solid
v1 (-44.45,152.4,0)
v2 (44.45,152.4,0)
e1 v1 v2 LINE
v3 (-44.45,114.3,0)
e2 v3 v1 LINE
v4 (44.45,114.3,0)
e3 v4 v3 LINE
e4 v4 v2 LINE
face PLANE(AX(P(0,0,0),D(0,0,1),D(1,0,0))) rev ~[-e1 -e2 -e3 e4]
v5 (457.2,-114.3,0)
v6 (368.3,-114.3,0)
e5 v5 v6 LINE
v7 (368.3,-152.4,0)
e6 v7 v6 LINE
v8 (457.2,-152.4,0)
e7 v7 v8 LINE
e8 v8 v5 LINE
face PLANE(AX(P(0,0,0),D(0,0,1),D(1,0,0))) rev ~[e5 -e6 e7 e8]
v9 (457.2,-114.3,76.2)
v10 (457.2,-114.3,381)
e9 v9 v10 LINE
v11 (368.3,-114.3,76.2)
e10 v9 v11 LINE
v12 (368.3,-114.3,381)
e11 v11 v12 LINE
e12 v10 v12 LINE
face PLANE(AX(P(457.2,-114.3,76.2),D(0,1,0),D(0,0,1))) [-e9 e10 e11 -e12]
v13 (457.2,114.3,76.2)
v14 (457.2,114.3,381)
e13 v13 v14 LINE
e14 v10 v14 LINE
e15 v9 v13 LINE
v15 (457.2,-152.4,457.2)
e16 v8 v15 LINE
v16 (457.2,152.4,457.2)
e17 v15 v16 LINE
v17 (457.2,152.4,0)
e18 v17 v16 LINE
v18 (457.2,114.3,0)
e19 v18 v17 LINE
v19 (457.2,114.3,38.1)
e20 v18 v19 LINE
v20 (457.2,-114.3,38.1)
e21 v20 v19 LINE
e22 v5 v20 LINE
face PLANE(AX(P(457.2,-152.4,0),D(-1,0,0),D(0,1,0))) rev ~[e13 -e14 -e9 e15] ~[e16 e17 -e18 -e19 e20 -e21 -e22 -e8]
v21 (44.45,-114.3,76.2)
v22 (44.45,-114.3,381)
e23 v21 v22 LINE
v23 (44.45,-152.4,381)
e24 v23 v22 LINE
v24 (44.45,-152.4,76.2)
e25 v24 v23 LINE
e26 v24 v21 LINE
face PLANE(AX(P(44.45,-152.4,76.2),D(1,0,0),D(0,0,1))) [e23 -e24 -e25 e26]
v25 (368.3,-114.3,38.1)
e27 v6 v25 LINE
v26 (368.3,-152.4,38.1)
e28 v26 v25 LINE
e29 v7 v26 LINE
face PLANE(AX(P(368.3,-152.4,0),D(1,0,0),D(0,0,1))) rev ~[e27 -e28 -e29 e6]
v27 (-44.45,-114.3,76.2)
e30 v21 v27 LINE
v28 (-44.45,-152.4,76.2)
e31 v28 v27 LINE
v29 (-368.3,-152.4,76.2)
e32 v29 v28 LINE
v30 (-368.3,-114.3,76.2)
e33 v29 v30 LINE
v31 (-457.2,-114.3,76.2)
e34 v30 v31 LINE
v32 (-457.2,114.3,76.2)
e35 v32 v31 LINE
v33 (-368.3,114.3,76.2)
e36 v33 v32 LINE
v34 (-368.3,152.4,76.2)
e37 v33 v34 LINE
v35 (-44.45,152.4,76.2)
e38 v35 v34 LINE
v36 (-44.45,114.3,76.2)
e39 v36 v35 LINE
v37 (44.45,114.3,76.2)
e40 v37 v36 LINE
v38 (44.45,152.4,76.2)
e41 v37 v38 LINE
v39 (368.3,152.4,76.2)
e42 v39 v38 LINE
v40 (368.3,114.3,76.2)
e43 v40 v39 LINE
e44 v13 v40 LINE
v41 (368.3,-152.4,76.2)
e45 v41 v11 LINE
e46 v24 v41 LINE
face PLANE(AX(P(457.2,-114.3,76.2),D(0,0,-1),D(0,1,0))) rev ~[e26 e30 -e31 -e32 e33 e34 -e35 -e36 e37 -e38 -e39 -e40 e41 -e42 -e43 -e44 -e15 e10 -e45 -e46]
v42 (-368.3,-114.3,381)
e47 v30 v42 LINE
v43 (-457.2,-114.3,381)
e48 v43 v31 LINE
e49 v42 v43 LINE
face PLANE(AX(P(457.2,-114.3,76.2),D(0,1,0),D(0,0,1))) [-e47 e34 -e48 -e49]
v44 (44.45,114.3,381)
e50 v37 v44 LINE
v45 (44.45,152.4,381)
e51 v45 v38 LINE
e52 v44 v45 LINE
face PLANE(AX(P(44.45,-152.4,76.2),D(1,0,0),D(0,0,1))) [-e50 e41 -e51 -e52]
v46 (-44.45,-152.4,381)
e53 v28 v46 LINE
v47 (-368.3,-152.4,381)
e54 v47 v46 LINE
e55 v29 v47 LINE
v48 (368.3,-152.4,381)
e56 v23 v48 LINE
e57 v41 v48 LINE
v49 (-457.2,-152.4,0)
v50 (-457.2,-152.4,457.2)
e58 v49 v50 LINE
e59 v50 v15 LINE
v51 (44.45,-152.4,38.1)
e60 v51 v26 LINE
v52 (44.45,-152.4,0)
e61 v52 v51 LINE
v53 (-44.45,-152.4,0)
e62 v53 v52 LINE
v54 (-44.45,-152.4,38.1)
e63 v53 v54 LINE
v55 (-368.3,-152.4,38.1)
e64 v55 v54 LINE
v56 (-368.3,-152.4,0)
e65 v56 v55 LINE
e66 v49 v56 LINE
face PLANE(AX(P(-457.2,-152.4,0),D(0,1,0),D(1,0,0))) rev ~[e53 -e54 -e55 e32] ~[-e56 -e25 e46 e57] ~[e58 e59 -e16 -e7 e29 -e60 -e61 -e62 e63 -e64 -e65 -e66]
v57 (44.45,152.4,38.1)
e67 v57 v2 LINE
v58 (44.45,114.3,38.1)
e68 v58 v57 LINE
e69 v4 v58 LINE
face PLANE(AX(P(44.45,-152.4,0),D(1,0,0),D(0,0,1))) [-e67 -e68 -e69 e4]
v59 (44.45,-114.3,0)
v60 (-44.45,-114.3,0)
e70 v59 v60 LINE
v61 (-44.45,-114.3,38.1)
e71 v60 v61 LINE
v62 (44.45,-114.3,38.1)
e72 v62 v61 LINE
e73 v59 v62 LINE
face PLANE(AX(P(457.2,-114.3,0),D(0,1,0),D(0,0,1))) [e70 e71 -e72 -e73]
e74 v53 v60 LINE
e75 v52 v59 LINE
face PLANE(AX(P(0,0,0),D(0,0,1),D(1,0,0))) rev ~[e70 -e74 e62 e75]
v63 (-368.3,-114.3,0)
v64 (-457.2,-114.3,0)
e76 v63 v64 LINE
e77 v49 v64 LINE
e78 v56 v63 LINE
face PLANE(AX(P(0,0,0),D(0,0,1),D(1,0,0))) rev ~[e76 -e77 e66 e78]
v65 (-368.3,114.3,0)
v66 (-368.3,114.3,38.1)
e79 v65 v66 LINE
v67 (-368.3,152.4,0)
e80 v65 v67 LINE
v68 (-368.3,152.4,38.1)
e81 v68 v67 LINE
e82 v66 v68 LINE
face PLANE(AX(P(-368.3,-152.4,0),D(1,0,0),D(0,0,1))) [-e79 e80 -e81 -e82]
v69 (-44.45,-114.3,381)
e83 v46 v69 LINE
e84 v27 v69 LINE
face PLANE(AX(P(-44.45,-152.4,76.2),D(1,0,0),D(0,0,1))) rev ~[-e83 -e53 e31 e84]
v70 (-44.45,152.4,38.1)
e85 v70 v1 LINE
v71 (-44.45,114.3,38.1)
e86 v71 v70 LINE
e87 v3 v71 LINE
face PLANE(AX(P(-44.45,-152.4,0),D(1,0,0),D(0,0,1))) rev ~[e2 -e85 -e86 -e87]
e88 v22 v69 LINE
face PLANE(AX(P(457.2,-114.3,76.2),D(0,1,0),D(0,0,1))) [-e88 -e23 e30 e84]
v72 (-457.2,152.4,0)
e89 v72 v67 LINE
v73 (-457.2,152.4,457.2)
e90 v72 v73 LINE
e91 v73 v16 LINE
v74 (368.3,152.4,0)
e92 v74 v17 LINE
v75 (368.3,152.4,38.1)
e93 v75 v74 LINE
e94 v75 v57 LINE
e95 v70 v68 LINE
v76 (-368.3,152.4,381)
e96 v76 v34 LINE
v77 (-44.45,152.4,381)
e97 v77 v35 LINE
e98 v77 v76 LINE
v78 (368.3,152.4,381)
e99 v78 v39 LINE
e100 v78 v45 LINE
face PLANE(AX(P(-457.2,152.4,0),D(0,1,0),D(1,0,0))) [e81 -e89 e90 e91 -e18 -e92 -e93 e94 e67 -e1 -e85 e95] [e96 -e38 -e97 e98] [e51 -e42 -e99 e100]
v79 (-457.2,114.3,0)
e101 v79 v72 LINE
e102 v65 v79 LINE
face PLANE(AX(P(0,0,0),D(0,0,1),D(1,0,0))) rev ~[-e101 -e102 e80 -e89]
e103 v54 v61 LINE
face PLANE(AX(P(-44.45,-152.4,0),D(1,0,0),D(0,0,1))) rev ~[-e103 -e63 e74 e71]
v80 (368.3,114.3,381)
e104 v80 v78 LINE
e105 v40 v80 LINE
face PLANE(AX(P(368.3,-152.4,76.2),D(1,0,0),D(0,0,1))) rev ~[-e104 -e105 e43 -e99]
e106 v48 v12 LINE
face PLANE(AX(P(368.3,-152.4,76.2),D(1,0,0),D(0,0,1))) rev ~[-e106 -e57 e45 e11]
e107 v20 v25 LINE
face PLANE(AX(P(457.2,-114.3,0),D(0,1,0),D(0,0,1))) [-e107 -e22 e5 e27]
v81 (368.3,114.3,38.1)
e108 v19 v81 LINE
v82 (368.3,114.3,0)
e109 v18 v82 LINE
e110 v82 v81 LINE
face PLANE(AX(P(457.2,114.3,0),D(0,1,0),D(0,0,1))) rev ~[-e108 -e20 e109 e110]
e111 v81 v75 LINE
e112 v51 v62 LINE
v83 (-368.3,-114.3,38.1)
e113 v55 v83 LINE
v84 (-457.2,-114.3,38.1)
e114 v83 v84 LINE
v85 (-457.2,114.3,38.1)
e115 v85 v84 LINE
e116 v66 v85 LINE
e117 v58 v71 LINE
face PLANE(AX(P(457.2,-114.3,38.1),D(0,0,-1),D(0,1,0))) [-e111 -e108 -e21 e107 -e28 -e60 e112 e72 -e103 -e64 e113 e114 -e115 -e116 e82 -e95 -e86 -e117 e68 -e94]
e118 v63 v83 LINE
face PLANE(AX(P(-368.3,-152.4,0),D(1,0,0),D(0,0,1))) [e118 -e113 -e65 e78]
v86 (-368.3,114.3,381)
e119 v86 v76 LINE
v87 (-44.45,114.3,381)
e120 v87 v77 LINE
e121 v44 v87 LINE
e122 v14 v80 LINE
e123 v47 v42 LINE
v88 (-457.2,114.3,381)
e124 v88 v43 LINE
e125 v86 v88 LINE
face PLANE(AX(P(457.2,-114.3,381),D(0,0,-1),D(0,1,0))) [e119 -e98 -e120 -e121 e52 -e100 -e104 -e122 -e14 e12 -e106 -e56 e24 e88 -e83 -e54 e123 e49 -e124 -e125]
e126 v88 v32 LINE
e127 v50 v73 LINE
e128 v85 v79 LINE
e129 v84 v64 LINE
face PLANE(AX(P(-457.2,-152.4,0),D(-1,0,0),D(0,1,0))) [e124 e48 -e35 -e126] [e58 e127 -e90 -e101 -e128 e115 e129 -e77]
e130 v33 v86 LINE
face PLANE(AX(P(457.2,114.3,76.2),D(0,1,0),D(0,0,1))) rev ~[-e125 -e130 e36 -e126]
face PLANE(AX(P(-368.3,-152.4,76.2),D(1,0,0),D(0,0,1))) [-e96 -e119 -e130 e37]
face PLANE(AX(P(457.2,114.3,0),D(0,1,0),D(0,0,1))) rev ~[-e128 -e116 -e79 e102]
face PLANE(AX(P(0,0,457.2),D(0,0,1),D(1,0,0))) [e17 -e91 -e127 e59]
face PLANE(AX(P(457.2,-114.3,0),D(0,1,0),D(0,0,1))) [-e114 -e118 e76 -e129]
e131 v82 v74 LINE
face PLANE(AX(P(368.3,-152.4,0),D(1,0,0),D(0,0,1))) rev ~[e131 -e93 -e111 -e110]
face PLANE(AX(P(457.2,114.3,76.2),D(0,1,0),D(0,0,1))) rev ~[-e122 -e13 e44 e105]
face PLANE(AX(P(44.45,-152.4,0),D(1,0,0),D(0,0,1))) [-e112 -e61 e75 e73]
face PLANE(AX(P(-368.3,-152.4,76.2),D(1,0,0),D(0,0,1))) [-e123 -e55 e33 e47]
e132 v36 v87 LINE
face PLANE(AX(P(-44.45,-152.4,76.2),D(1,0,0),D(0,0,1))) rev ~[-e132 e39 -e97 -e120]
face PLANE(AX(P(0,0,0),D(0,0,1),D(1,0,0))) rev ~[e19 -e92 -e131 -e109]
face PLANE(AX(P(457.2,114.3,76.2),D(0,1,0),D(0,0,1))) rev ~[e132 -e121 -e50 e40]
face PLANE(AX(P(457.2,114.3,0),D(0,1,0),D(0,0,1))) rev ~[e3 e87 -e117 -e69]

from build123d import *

# Parameters (mm, degrees)
F0_W     = 914.4
F0_H     = 304.8
F1_DEPTH = 457.2
F2_W     = 323.85
F2_H     = 304.8
F3_DEPTH = 304.801
F4_W     = 228.6
F4_H     = 304.8
F5_DEPTH = 914.401
F6_W     = 323.85
F6_H     = 38.1
F7_DEPTH = 304.801
F8_W     = 228.6
F8_H     = 38.1
F9_DEPTH = 914.401


with BuildPart() as f1:
    # F0 (on Top) → F1 (new body)
    with BuildSketch(Plane.XY):
        Rectangle(F0_W, F0_H)
    extrude(amount=F1_DEPTH)

    # F2 (on face) → F3 (cut, through all)
    with BuildSketch(Plane.XZ.offset(152.4)):
        with Locations((-206.375, 228.6)):
            Rectangle(F2_W, F2_H)
        with Locations((206.375, 228.6)):
            Rectangle(F2_W, F2_H)
    extrude(amount=-F3_DEPTH, mode=Mode.SUBTRACT)

    # F4 (on face) → F5 (cut, through all)
    with BuildSketch(Plane.YZ.offset(457.2)):
        with Locations((0, 228.6)):
            Rectangle(F4_W, F4_H)
    extrude(amount=-F5_DEPTH, mode=Mode.SUBTRACT)

    # F6 (on face) → F7 (cut, through all)
    with BuildSketch(Plane.XZ.offset(152.4)):
        with Locations((-206.375, 19.05)):
            Rectangle(F6_W, F6_H)
        with Locations((206.375, 19.05)):
            Rectangle(F6_W, F6_H)
    extrude(amount=-F7_DEPTH, mode=Mode.SUBTRACT)

    # F8 (on face) → F9 (cut, through all)
    with BuildSketch(Plane.YZ.offset(457.2)):
        with Locations((0, 19.05)):
            Rectangle(F8_W, F8_H)
    extrude(amount=-F9_DEPTH, mode=Mode.SUBTRACT)


solid = f1.part
